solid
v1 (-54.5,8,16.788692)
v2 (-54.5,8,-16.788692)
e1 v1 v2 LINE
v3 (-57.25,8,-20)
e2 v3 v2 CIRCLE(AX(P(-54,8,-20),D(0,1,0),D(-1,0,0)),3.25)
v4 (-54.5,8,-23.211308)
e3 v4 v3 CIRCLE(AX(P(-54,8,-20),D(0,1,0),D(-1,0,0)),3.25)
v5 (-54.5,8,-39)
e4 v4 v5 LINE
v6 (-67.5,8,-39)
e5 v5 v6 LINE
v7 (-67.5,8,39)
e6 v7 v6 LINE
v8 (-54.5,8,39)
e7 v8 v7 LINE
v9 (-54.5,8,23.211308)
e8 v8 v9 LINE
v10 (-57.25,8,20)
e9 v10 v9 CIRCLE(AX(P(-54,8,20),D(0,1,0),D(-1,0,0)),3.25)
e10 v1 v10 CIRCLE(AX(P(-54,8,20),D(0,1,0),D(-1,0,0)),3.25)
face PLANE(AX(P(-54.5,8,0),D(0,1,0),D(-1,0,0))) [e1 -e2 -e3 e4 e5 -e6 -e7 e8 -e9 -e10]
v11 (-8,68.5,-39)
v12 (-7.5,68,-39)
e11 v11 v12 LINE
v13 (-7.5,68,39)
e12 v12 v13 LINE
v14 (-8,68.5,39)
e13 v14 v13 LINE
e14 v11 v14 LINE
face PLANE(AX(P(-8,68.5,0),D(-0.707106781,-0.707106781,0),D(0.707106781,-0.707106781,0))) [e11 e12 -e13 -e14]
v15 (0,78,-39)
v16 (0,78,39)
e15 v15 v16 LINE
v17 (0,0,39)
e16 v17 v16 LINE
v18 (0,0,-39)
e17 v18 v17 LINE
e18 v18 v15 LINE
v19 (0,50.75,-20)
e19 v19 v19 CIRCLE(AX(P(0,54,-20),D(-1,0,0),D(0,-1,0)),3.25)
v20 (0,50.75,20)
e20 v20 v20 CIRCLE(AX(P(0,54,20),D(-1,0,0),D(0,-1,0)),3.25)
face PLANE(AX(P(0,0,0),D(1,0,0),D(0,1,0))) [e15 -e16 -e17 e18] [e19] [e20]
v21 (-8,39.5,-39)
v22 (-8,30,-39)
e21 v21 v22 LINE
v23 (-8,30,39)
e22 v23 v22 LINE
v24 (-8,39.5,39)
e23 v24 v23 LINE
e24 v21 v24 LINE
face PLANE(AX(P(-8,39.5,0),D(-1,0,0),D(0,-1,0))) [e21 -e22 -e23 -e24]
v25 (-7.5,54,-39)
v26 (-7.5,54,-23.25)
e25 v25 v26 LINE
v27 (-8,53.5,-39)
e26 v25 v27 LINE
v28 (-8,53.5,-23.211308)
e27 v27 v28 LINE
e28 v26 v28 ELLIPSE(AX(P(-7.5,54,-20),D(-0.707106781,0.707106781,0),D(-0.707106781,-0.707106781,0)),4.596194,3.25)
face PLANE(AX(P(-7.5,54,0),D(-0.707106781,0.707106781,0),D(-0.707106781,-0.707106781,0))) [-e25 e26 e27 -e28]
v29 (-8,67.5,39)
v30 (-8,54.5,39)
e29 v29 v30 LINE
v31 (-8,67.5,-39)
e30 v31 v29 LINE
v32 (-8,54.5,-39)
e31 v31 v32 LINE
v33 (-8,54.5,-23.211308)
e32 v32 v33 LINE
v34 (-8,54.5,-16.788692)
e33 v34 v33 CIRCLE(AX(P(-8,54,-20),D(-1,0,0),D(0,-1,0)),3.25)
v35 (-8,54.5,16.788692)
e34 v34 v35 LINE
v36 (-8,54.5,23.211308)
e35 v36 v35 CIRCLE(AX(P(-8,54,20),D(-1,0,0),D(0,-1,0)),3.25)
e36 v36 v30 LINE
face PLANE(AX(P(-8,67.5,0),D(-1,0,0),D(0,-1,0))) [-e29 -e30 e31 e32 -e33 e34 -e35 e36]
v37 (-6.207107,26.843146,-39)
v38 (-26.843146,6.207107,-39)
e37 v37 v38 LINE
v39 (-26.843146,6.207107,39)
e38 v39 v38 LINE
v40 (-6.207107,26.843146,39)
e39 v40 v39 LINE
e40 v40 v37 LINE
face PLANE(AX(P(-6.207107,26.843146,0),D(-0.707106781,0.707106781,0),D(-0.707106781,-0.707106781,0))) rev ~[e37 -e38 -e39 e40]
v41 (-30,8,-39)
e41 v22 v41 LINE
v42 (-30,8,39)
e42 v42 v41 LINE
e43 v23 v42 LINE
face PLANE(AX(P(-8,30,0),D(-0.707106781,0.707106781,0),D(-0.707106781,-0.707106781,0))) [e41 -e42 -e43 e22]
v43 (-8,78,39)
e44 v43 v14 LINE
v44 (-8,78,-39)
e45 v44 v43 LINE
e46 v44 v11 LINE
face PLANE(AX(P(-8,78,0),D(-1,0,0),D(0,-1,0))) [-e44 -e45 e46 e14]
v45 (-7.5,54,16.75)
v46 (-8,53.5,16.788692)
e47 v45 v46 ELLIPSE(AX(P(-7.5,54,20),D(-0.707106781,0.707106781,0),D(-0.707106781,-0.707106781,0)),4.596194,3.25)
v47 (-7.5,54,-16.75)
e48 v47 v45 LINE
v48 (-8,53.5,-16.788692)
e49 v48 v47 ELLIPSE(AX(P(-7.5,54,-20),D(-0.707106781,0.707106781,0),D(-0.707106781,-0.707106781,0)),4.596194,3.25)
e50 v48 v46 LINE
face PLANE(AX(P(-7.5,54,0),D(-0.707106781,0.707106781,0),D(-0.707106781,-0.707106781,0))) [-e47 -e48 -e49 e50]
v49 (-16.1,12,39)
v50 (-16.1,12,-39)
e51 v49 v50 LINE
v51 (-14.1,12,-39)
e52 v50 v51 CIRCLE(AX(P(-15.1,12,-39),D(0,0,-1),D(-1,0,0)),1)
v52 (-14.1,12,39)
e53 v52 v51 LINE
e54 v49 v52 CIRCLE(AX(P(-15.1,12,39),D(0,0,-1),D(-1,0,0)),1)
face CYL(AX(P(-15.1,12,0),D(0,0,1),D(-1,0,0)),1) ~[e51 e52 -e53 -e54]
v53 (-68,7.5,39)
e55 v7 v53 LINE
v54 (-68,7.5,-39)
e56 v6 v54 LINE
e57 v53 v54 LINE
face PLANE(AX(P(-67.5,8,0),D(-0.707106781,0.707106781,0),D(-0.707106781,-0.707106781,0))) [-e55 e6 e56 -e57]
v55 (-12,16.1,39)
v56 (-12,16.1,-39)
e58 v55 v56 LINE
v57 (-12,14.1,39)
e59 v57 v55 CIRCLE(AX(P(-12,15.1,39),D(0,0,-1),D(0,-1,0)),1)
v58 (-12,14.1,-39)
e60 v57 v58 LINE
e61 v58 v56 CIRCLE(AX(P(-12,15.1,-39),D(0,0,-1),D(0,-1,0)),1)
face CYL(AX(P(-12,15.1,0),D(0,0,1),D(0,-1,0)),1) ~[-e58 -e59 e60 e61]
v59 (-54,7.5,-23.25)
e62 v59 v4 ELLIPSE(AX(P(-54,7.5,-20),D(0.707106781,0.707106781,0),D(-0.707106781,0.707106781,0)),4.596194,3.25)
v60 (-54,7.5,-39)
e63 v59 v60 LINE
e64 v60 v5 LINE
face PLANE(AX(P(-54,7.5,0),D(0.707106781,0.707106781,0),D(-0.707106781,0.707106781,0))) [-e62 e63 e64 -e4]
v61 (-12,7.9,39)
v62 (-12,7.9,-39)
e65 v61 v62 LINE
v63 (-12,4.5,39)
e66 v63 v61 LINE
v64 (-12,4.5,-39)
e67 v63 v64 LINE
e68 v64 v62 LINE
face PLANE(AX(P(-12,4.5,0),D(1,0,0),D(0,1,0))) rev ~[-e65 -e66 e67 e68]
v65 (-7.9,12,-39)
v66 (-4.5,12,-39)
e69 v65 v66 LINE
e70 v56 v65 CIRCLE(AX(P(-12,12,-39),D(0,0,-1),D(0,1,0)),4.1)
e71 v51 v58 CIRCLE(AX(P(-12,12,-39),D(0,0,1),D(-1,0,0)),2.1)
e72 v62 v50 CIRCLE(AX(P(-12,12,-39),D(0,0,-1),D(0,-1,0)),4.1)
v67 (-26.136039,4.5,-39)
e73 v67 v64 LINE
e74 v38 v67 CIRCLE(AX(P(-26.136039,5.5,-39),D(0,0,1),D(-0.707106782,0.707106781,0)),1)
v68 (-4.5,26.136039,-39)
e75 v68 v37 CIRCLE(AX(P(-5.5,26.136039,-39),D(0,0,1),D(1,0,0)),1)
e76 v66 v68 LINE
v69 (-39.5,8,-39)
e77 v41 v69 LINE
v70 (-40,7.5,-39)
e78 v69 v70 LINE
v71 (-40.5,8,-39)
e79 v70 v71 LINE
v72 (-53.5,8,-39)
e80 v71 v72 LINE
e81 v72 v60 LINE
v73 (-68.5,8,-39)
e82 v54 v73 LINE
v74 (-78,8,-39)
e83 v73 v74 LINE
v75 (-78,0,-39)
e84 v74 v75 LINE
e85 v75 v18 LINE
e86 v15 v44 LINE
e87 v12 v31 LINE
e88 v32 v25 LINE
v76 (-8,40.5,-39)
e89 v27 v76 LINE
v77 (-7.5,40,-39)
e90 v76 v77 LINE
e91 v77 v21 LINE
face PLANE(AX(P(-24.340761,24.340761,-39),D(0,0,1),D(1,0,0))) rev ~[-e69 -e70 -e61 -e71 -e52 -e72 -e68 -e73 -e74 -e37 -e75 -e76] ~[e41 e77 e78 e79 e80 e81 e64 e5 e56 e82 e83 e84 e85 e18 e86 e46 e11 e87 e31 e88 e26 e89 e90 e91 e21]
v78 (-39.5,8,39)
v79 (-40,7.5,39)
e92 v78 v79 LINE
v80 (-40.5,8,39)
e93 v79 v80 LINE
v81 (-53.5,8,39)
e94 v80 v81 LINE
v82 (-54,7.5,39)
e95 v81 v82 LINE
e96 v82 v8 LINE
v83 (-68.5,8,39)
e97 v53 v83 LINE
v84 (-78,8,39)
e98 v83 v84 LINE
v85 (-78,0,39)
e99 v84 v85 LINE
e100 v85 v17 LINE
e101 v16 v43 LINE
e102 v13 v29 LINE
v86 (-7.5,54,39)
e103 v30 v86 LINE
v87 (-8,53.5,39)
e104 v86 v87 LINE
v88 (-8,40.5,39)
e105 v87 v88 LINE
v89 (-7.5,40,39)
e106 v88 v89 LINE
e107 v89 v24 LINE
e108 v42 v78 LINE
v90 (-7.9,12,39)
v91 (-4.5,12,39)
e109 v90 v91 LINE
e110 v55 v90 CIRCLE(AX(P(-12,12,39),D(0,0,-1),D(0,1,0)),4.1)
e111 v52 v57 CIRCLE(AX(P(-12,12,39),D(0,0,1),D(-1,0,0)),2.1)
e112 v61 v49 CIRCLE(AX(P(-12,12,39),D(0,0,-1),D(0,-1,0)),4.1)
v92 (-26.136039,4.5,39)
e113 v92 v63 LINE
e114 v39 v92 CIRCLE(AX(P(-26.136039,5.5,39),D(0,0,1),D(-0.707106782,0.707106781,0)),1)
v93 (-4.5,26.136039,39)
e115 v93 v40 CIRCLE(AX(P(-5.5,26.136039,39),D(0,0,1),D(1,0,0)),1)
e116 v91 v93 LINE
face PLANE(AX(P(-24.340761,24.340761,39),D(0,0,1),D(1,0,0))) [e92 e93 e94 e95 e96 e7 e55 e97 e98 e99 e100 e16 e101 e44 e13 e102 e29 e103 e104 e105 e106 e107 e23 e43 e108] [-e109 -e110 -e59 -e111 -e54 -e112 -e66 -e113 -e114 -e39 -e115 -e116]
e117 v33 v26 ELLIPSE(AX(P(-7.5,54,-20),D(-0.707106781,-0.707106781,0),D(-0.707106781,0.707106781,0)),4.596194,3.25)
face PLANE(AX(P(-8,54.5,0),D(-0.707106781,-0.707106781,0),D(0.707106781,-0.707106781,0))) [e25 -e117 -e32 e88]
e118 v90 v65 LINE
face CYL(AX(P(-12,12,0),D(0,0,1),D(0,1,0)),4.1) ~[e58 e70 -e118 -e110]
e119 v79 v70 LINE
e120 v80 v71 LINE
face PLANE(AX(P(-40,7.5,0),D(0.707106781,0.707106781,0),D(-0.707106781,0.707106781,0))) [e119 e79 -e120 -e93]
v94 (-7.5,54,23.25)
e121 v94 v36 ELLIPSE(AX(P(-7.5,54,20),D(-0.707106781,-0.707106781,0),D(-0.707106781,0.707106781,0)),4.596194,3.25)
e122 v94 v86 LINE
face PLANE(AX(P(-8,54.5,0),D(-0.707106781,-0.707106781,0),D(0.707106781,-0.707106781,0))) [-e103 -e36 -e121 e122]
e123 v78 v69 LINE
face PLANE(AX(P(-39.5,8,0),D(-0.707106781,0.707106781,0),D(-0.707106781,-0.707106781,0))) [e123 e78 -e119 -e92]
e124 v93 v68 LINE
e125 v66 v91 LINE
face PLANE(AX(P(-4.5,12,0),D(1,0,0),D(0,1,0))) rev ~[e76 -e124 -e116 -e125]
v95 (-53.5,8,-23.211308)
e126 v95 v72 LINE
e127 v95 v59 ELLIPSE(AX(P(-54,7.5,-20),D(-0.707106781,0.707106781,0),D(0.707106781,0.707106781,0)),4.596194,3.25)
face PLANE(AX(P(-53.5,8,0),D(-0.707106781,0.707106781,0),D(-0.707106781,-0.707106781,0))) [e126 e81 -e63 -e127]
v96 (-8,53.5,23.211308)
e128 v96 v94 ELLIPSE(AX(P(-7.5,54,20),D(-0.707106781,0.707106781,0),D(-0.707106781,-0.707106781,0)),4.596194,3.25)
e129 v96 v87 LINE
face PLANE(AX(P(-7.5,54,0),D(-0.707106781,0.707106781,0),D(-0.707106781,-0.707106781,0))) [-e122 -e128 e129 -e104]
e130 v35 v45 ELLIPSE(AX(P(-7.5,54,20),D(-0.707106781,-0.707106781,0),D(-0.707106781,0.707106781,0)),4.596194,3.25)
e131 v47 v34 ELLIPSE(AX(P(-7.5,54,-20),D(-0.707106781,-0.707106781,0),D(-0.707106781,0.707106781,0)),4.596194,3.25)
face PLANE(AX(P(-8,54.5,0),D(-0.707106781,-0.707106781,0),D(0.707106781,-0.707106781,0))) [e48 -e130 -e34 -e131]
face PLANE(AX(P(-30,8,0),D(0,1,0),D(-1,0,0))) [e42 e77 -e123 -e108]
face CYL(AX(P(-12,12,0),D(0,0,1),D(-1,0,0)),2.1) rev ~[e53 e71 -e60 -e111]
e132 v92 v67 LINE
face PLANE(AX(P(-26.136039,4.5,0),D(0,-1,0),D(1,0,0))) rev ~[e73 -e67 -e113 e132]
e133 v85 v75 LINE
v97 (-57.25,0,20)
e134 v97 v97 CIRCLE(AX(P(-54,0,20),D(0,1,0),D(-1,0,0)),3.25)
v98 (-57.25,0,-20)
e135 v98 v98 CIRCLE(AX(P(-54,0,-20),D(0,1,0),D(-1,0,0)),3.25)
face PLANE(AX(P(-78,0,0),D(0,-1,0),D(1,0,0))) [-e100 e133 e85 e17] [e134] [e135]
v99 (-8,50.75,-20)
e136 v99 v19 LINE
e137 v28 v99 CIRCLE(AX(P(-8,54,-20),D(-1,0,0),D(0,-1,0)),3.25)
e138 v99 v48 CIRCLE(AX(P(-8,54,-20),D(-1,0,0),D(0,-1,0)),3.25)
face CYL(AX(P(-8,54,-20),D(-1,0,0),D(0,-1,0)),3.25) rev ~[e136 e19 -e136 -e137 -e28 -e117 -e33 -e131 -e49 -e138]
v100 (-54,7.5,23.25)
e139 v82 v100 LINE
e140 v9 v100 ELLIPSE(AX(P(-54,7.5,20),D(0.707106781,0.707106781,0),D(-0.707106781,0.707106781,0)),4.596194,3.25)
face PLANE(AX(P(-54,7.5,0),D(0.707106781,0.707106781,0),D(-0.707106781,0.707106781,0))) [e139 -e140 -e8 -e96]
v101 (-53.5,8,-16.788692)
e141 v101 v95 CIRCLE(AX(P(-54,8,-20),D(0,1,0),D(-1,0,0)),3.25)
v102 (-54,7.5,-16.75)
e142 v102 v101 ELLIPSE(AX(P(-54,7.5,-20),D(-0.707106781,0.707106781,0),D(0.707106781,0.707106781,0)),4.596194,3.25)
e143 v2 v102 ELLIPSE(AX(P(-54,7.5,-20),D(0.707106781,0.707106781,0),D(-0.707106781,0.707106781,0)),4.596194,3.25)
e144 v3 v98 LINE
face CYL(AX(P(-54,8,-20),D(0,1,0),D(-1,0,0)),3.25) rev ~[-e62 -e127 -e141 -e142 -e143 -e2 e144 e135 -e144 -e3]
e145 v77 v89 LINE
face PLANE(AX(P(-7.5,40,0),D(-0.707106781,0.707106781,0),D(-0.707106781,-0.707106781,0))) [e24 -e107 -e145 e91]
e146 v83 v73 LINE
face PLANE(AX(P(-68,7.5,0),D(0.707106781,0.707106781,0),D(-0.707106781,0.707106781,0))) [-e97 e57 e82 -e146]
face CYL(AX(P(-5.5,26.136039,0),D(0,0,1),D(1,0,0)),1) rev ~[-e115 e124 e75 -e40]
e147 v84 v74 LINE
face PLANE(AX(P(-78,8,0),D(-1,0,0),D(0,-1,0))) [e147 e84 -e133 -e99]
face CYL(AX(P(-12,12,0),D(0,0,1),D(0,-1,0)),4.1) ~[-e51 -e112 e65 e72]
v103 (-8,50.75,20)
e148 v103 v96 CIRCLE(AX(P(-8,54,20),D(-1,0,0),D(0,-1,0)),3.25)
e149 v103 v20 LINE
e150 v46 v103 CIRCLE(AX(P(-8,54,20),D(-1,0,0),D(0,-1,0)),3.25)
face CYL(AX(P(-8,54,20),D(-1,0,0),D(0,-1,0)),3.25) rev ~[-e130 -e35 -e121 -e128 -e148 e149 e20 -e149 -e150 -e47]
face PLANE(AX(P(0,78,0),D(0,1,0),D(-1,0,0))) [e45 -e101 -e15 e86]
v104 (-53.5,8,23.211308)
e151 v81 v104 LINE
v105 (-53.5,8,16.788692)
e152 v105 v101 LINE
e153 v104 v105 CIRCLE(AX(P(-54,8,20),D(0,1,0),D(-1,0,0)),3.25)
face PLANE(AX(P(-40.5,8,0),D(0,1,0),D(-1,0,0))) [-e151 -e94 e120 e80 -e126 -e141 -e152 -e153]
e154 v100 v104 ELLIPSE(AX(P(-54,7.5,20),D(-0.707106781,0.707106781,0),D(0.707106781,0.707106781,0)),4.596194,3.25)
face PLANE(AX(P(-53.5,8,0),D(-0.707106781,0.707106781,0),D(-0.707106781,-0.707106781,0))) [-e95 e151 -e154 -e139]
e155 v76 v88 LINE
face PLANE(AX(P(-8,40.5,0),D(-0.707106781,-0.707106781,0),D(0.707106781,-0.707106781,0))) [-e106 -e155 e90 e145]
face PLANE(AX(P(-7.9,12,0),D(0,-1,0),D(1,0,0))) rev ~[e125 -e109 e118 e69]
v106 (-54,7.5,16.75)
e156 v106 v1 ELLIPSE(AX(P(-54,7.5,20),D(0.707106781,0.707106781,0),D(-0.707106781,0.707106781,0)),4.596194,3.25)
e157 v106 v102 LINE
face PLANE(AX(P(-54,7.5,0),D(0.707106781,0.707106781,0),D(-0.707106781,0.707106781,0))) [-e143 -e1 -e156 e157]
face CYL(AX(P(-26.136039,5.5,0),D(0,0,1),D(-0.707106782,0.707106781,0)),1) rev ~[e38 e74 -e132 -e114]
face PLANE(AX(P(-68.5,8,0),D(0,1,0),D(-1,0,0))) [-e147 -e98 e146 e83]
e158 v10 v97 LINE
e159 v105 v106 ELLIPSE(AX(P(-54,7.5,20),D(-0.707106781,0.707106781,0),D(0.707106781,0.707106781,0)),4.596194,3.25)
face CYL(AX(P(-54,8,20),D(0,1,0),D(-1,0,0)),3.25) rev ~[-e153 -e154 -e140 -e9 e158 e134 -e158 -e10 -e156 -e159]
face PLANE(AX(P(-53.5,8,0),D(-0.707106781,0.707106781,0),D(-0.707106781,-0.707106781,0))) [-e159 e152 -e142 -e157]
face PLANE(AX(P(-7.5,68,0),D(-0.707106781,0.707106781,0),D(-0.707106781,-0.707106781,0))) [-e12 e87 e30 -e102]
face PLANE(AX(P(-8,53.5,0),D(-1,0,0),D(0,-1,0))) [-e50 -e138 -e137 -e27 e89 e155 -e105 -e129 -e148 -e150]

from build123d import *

# Parameters (mm, degrees)
EXTRUDE_1_DEPTH     = 39
SKETCH_2_R          = 3.25
CUT_EXTRUDE_1_DEPTH = 9
SKETCH_3_R          = 3.25
CUT_EXTRUDE_2_DEPTH = 9


with BuildPart() as part:
    # Эскиз1 → Бобышка-Вытянуть1 (new body, symmetric)
    with BuildSketch(Plane.XY):
        Polygon((-78, 0), (0, 0), (0, 78), (-8, 78), (-8, 68.5), (-7.5, 68), (-8, 67.5), (-8, 54.5), (-7.5, 54), (-8, 53.5), (-8, 40.5), (-7.5, 40), (-8, 39.5), (-8, 30), (-30, 8), (-39.5, 8), (-40, 7.5), (-40.5, 8), (-53.5, 8), (-54, 7.5), (-54.5, 8), (-67.5, 8), (-68, 7.5), (-68.5, 8), (-78, 8), align=None)
        with BuildLine():
            Line((-4.5, 12), (-4.5, 26.136038969))
            ThreePointArc((-4.5, 26.136038969), (-5.117316568, 27.059918502), (-6.207106781, 26.843145751))
            Line((-6.207106781, 26.843145751), (-26.843145751, 6.207106781))
            ThreePointArc((-26.843145751, 6.207106781), (-27.059918502, 5.117316568), (-26.136038969, 4.5))
            Line((-26.136038969, 4.5), (-12, 4.5))
            Line((-12, 4.5), (-12, 7.9))
            ThreePointArc((-12, 7.9), (-14.899137803, 9.100862197), (-16.1, 12))
            ThreePointArc((-16.1, 12), (-15.1, 13), (-14.1, 12))
            ThreePointArc((-14.1, 12), (-10.51507576, 10.51507576), (-12, 14.1))
            ThreePointArc((-12, 14.1), (-13, 15.1), (-12, 16.1))
            ThreePointArc((-12, 16.1), (-9.100862197, 14.899137803), (-7.9, 12))
            Line((-7.9, 12), (-4.5, 12))
        make_face(mode=Mode.SUBTRACT)
    extrude(amount=EXTRUDE_1_DEPTH, both=True)

    # Эскиз2 → Вырез-Вытянуть1 (cut, through all)
    with BuildSketch(Plane.ZY.offset(8)):
        with Locations(Location((-20, 54, 0), (0, 0, 270))):  # turned: the seam where the file's is
            Circle(SKETCH_2_R)
        with Locations(Location((20, 54, 0), (0, 0, 270))):  # turned: the seam where the file's is
            Circle(SKETCH_2_R)
    extrude(amount=-CUT_EXTRUDE_1_DEPTH, mode=Mode.SUBTRACT)

    # Эскиз3 → Вырез-Вытянуть2 (cut, through all)
    with BuildSketch(Plane(origin=(0, 8, 0), x_dir=(1, 0, 0), z_dir=(0, 1, 0))):
        with Locations(Location((-54, -20, 0), (0, 0, 180))):  # turned: the seam where the file's is
            Circle(SKETCH_3_R)
        with Locations(Location((-54, 20, 0), (0, 0, 180))):  # turned: the seam where the file's is
            Circle(SKETCH_3_R)
    extrude(amount=-CUT_EXTRUDE_2_DEPTH, mode=Mode.SUBTRACT)


solid = part.part
